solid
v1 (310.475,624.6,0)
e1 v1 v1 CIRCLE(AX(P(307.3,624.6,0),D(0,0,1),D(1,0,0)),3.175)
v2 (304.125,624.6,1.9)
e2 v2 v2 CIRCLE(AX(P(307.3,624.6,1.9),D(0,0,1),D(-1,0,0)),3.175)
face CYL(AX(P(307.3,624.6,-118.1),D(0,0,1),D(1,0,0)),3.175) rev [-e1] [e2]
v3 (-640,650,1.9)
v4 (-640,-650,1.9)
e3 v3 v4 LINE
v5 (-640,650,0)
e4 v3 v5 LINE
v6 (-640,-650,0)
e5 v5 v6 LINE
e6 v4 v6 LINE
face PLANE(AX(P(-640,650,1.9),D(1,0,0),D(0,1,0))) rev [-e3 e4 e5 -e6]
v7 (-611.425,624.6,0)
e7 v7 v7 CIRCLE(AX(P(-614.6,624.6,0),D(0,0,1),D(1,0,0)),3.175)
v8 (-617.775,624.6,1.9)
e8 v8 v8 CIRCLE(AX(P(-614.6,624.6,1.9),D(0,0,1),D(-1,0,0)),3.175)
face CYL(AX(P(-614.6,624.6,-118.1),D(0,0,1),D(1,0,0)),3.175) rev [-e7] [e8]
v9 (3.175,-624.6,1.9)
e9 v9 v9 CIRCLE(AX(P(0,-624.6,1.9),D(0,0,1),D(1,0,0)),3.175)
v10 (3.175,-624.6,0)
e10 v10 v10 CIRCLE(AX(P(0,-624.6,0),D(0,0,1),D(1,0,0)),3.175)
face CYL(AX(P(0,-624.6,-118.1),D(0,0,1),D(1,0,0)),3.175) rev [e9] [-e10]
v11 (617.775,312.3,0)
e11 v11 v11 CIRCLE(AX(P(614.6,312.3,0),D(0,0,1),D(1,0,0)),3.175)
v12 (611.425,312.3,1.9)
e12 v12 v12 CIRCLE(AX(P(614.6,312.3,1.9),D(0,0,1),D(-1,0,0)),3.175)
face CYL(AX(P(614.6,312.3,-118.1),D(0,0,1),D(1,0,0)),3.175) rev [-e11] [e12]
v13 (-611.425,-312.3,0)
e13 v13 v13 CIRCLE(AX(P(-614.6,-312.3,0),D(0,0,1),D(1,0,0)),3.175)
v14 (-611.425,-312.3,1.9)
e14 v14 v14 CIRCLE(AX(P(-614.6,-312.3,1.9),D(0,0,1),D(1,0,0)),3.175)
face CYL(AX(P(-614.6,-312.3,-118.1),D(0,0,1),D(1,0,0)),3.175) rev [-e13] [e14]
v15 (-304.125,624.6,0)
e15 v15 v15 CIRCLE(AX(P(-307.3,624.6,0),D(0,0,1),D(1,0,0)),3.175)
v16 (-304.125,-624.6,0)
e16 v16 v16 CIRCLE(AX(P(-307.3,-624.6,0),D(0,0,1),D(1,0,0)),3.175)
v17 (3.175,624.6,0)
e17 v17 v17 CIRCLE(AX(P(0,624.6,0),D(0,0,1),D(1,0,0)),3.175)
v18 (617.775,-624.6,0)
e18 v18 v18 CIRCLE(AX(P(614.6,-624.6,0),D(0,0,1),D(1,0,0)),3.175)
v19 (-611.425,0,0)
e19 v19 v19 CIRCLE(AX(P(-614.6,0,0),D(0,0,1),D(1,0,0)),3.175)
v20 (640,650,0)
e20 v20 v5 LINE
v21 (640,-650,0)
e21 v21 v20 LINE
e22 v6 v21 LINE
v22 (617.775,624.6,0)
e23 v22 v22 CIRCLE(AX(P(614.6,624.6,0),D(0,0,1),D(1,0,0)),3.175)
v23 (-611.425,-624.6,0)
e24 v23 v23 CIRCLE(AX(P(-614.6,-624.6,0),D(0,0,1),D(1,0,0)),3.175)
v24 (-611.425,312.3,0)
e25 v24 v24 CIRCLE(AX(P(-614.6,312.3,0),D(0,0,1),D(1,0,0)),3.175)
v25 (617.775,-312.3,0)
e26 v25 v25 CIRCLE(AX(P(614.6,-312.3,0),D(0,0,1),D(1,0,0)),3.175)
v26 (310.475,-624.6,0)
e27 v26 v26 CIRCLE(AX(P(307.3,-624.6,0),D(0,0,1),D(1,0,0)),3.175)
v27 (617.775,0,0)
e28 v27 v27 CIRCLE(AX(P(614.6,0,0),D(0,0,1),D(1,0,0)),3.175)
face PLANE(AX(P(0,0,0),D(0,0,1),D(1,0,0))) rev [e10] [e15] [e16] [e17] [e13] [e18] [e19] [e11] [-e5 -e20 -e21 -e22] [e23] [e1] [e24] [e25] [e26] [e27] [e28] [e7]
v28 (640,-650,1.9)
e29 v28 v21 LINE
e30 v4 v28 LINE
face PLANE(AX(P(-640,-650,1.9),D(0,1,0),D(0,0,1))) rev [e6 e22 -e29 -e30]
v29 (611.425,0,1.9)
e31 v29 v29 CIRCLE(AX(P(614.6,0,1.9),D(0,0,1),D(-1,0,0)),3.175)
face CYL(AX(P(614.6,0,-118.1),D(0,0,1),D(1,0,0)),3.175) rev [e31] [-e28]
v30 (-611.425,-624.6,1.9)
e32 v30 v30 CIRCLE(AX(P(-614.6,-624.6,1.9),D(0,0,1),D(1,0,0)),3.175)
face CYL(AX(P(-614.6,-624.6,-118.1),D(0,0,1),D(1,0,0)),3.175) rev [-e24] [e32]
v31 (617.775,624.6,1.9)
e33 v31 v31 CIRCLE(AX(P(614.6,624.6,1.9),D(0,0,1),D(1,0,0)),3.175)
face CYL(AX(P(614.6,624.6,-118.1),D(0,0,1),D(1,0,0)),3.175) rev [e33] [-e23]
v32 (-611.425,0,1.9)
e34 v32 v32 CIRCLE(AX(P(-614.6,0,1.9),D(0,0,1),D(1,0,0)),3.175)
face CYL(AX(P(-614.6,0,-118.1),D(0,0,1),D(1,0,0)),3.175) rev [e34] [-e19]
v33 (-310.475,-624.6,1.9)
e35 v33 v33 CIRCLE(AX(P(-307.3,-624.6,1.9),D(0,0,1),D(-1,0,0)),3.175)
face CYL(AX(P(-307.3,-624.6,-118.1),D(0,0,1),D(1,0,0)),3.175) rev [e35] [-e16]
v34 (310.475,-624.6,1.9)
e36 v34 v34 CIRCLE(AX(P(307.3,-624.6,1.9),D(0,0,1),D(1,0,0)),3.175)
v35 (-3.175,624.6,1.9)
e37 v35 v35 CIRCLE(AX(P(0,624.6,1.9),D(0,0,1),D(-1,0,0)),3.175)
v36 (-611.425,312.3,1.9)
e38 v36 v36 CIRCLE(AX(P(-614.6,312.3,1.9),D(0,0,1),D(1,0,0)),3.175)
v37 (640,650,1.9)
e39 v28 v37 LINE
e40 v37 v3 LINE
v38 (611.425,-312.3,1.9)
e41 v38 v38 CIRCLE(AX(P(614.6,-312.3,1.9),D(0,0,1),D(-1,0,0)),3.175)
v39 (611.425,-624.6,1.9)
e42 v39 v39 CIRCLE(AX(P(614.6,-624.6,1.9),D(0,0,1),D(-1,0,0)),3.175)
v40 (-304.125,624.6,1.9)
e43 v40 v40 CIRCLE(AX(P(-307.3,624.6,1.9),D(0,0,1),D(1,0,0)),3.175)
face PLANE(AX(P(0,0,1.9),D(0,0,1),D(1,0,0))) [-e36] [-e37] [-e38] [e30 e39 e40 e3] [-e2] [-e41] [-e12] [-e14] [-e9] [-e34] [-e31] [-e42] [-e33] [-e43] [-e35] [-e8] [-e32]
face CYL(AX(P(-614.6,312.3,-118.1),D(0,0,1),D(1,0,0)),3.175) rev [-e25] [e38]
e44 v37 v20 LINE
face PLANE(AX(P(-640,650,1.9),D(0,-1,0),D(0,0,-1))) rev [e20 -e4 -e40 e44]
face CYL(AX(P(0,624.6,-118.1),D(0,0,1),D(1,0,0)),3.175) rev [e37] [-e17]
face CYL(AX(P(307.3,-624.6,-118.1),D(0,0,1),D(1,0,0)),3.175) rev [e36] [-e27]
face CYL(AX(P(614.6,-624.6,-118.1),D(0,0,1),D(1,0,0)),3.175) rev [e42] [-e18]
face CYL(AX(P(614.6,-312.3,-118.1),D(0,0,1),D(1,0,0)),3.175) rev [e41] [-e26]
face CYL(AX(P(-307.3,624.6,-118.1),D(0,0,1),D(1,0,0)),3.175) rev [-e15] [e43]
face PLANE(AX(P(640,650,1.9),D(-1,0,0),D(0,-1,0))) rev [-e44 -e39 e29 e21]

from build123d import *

# Parameters (mm, degrees)
CROQUIS1_W              = 1280
CROQUIS1_H              = 1300
SALIENTE_EXTRUIR1_DEPTH = 1.9
CROQUIS2_R              = 3.175
CORTAR_EXTRUIR2_DEPTH   = 120


with BuildPart() as part:
    # Croquis1 → Saliente-Extruir1 (new body)
    with BuildSketch(Plane.XY):
        Rectangle(CROQUIS1_W, CROQUIS1_H)
    extrude(amount=SALIENTE_EXTRUIR1_DEPTH)

    # Croquis2 → Cortar-Extruir2 (cut)
    with BuildSketch(Plane.XY.offset(1.9)):
        with Locations((-614.6, -624.6)):
            Circle(CROQUIS2_R)
        with Locations((-614.6, 624.6)):
            Circle(CROQUIS2_R)
        with Locations((614.6, 624.6)):
            Circle(CROQUIS2_R)
        with Locations((614.6, -624.6)):
            Circle(CROQUIS2_R)
        with Locations((0, -624.6)):
            Circle(CROQUIS2_R)
        with Locations((0, 624.6)):
            Circle(CROQUIS2_R)
        with Locations((307.3, -624.6)):
            Circle(CROQUIS2_R)
        with Locations((307.3, 624.6)):
            Circle(CROQUIS2_R)
        with Locations((-307.3, 624.6)):
            Circle(CROQUIS2_R)
        with Locations((-307.3, -624.6)):
            Circle(CROQUIS2_R)
        with Locations((-614.6, -312.3)):
            Circle(CROQUIS2_R)
        with Locations((-614.6, 0)):
            Circle(CROQUIS2_R)
        with Locations((-614.6, 312.3)):
            Circle(CROQUIS2_R)
        with Locations((614.6, 312.3)):
            Circle(CROQUIS2_R)
        with Locations((614.6, 0)):
            Circle(CROQUIS2_R)
        with Locations((614.6, -312.3)):
            Circle(CROQUIS2_R)
    extrude(amount=-CORTAR_EXTRUIR2_DEPTH, mode=Mode.SUBTRACT)


solid = part.part
